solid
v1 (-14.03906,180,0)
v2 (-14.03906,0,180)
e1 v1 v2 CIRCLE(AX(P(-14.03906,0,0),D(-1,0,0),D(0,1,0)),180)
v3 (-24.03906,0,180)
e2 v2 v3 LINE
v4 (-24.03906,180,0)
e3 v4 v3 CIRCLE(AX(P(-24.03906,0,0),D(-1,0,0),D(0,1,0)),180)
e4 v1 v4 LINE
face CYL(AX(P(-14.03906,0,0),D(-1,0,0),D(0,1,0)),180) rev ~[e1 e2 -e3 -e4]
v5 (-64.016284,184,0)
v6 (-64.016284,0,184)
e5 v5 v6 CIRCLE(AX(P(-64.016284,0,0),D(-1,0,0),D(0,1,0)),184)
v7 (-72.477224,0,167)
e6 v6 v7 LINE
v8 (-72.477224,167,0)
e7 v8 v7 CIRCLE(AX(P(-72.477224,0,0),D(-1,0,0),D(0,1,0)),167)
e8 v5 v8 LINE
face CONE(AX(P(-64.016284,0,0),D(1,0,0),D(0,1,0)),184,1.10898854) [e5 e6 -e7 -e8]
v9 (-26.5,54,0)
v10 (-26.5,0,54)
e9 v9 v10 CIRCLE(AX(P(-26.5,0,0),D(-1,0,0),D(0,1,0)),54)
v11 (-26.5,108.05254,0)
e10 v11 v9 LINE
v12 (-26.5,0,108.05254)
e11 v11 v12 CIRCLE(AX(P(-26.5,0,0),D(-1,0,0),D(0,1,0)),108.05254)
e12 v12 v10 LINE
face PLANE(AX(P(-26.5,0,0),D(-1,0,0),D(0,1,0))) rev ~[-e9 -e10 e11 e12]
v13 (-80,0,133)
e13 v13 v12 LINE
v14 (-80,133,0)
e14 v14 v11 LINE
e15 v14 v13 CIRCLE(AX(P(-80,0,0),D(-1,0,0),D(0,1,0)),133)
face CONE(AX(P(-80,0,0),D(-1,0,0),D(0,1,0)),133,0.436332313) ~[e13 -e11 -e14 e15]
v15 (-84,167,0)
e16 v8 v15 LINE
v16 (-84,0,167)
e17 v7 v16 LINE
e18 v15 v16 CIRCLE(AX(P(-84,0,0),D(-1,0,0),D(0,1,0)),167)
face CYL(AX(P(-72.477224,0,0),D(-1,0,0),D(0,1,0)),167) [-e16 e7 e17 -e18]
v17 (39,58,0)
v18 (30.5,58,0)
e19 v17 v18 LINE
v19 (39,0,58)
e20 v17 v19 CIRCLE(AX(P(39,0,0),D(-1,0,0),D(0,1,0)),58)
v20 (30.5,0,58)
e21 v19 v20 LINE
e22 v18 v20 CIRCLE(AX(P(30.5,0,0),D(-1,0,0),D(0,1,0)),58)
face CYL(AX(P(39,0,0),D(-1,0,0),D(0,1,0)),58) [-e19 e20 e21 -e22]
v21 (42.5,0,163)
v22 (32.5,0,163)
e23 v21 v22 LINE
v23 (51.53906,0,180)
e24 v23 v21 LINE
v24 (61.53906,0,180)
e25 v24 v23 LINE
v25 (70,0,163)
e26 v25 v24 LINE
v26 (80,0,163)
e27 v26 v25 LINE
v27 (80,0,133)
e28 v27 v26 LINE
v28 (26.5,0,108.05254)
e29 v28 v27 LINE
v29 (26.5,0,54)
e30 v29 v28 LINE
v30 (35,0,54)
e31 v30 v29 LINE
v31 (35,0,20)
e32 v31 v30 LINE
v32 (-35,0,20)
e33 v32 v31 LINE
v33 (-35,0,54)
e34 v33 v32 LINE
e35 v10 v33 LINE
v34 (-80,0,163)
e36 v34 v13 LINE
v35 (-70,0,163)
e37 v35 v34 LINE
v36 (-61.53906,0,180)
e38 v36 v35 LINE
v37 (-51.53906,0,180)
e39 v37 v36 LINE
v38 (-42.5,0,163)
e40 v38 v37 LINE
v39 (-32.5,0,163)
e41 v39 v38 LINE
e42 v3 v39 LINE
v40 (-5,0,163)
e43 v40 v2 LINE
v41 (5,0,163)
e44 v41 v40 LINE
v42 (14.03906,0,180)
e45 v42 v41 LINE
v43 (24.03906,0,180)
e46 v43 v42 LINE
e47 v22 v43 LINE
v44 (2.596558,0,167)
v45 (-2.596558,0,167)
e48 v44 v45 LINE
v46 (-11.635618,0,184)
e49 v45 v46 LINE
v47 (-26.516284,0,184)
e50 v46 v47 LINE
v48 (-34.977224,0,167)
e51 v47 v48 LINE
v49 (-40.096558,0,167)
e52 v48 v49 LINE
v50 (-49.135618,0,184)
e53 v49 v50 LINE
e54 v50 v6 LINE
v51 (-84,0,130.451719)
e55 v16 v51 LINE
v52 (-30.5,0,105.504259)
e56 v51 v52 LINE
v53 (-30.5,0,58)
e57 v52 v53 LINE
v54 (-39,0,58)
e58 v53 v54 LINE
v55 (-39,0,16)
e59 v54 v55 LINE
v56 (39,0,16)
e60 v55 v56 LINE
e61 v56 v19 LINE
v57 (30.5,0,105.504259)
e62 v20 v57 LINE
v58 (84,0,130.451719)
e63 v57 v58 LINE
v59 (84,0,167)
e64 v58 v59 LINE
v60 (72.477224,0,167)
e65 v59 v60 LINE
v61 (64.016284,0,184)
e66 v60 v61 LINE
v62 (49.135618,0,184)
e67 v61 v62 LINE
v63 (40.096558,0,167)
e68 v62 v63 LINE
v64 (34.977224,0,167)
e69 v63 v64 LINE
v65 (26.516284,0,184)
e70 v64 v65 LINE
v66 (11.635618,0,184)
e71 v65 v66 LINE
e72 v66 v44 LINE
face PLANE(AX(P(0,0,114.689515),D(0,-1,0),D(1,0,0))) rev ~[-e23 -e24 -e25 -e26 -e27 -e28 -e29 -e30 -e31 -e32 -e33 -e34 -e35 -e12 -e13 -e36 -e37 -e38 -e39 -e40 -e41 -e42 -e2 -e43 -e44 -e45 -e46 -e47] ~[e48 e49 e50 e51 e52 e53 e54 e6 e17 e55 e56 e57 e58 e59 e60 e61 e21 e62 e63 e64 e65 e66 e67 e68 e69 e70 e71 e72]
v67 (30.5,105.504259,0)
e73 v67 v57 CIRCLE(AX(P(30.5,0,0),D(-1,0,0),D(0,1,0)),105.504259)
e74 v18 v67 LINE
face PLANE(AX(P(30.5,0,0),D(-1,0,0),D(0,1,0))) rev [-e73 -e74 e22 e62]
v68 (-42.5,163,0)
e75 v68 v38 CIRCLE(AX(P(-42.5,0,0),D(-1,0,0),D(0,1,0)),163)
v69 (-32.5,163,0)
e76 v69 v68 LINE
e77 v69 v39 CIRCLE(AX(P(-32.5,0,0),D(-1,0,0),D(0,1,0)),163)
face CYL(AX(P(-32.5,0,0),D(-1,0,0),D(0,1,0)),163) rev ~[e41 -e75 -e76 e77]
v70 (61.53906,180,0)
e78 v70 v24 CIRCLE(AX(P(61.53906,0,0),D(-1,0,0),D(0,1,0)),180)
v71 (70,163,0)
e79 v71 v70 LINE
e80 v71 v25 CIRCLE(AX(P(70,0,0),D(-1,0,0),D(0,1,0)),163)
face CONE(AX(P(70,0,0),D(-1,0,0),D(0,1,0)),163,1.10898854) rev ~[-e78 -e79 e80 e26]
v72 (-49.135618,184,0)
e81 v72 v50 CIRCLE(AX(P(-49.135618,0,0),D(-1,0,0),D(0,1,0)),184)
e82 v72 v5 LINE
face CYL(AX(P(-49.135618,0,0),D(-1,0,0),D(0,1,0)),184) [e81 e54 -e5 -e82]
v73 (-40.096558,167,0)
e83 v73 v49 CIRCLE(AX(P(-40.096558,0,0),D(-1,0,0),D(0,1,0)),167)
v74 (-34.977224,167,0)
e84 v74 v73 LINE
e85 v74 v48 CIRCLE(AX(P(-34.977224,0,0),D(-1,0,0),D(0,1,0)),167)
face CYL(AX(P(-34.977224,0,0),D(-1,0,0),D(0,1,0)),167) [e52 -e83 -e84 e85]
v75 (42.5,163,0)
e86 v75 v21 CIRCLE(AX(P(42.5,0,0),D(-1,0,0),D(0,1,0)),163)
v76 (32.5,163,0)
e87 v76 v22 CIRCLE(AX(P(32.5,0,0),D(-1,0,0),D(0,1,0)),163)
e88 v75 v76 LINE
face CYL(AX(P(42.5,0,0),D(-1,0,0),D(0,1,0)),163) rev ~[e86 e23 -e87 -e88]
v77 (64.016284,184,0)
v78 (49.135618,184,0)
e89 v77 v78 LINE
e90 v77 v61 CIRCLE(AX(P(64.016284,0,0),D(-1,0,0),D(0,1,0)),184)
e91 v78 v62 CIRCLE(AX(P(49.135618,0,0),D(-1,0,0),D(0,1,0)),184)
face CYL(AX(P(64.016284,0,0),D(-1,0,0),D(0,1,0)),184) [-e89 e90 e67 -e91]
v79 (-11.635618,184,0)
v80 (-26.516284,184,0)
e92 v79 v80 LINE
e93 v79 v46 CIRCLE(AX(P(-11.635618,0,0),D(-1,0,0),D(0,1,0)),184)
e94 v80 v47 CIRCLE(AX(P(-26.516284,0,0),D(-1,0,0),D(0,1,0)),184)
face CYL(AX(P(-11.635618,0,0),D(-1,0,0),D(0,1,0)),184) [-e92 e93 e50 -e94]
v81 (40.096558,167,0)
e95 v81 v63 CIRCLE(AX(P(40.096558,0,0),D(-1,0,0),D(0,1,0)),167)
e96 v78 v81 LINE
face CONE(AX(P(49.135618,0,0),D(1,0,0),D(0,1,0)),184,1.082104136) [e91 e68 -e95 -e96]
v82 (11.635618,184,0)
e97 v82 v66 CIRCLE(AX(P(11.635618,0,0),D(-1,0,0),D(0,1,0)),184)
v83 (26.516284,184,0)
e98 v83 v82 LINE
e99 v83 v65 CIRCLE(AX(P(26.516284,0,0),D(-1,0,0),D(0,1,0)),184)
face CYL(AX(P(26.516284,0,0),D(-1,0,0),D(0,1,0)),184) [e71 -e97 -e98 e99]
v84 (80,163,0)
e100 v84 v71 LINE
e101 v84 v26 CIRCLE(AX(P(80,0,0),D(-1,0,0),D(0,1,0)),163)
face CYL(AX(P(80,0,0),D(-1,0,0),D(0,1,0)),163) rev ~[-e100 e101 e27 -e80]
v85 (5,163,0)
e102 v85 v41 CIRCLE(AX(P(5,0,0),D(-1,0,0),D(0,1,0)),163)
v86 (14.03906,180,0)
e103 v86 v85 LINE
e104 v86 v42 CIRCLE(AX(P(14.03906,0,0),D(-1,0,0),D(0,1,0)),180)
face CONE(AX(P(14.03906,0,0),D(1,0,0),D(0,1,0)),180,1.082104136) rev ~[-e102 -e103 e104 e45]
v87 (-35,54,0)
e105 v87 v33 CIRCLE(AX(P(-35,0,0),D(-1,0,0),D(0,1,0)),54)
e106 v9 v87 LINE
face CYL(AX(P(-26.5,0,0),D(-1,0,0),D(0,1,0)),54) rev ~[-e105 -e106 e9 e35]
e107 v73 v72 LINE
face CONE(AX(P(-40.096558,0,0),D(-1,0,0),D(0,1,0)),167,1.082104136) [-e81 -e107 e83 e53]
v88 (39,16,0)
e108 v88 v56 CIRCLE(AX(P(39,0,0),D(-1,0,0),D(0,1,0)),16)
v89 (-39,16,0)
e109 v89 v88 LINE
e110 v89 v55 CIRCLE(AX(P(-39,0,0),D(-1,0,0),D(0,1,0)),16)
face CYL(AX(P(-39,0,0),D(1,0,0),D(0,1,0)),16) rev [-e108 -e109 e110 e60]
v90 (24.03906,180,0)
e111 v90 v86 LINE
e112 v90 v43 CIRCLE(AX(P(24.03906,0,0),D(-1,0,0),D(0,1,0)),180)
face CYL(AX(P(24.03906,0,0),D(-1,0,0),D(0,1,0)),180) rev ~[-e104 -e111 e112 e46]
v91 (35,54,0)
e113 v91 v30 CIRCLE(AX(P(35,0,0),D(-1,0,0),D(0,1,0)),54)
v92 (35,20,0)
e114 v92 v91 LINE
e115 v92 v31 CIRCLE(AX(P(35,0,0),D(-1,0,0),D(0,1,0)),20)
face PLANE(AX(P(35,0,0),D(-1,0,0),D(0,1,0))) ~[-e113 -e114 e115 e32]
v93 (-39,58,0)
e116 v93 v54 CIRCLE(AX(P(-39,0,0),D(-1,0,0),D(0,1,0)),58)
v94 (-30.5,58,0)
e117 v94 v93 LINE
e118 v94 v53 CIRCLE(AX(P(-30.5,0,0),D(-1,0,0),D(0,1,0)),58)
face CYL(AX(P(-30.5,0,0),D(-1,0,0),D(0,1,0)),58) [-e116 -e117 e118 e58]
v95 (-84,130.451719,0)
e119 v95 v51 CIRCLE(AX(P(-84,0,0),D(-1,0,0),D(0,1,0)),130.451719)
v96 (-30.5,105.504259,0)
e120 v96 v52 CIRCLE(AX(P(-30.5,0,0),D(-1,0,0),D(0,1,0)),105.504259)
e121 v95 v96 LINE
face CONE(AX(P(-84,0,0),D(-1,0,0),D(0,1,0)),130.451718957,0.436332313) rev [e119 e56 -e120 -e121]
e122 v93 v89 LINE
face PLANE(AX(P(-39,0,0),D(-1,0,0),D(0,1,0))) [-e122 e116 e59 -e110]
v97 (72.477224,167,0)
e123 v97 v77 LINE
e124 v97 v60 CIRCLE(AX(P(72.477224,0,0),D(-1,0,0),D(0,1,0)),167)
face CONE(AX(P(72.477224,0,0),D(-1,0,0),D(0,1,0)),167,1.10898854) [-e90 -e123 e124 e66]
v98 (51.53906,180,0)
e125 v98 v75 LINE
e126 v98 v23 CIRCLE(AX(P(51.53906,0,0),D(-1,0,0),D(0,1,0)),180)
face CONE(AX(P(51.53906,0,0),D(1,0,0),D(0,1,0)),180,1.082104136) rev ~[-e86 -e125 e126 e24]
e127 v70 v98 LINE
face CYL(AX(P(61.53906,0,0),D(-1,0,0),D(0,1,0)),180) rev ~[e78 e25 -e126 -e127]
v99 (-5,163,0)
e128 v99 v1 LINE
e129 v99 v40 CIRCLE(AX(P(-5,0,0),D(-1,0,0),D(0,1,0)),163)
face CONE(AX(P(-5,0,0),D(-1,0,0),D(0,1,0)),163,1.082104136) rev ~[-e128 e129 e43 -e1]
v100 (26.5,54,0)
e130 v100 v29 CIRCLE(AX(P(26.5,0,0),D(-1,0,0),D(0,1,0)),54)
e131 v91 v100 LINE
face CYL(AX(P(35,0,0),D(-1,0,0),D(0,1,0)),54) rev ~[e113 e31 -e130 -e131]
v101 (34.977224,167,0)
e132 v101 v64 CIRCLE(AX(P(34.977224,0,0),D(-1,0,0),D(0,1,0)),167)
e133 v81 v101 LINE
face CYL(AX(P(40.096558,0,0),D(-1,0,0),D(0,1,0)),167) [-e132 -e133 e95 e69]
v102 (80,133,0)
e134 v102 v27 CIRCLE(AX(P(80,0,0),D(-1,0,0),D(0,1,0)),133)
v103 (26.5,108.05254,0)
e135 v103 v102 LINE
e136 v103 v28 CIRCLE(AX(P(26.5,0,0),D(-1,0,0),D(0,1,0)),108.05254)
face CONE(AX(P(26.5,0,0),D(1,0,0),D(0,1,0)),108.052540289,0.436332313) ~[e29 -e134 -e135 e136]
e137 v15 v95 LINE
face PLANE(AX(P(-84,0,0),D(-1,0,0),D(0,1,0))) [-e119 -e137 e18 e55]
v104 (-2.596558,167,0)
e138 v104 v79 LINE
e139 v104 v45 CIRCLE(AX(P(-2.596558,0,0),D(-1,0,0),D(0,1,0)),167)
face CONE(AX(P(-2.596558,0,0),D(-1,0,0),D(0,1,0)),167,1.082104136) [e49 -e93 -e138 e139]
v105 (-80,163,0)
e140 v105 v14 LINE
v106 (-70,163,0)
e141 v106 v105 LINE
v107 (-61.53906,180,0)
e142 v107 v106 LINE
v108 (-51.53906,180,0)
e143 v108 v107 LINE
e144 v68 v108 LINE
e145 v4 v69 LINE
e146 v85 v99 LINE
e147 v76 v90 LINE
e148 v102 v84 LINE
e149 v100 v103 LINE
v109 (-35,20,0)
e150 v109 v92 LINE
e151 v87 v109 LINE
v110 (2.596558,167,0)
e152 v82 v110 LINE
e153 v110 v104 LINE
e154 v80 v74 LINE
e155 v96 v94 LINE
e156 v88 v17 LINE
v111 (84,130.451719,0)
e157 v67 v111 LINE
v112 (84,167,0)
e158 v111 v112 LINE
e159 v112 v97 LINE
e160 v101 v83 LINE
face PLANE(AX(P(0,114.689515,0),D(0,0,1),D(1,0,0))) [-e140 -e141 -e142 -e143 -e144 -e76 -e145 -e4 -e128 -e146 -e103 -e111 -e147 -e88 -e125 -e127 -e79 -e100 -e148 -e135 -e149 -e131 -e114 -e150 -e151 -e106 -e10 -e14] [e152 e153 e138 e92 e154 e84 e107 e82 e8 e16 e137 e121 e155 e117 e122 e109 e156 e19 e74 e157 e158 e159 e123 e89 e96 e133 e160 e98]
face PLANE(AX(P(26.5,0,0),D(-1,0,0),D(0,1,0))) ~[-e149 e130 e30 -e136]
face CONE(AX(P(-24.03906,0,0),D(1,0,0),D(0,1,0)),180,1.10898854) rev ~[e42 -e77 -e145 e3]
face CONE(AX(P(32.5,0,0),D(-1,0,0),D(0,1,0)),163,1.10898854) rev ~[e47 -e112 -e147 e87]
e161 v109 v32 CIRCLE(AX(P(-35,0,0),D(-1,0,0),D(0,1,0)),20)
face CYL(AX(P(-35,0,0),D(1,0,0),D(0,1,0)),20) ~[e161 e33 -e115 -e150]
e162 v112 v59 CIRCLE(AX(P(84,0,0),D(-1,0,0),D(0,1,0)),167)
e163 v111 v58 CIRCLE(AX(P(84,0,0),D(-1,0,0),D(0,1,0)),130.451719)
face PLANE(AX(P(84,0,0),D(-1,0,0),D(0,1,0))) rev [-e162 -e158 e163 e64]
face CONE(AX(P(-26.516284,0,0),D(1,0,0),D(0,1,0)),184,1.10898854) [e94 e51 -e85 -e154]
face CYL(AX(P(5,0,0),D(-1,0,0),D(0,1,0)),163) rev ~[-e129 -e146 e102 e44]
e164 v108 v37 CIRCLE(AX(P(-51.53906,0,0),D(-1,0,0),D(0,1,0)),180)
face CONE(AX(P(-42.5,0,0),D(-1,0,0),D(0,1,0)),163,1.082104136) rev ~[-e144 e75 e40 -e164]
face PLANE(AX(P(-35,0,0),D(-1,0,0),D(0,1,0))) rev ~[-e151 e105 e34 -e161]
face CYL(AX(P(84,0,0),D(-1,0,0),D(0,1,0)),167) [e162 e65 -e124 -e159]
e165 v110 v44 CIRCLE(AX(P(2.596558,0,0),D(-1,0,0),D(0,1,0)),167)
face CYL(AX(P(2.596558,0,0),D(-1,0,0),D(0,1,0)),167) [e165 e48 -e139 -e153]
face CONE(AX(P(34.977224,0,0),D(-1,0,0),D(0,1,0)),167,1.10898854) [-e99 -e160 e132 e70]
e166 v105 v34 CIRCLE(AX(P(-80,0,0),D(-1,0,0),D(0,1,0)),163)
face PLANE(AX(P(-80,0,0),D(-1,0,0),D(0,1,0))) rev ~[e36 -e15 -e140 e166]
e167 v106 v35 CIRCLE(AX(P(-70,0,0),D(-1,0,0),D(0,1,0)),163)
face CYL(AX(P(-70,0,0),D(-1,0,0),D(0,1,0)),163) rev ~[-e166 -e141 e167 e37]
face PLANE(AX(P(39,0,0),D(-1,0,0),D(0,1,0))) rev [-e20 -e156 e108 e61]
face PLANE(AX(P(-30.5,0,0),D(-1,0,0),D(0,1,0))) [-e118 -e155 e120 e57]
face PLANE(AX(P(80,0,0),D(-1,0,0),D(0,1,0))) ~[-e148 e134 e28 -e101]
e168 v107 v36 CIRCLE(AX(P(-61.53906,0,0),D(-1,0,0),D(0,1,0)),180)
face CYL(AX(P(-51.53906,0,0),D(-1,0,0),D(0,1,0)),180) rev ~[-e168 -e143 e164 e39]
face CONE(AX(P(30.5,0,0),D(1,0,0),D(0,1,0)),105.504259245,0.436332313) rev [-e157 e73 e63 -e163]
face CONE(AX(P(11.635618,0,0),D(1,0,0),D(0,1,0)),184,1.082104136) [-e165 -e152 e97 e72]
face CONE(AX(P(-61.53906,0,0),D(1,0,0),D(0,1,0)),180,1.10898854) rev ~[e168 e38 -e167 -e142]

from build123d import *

# Parameters (mm, degrees)
REVOLVE_THIN1_ANGLE = 270


with BuildPart() as part:
    # Sketch1<2> → Revolve-Thin1 (revolve)
    with BuildSketch(Plane.XY):
        Polygon((-39, 16), (39, 16), (39, 58), (30.5, 58), (30.5, 105.504259245), (84, 130.451718957), (84, 167), (72.477223993, 167), (64.016284331, 184), (49.135617862, 184), (40.096557524, 167), (34.977223993, 167), (26.516284331, 184), (11.635617862, 184), (2.596557524, 167), (-2.596557524, 167), (-11.635617862, 184), (-26.516284331, 184), (-34.977223993, 167), (-40.096557524, 167), (-49.135617862, 184), (-64.016284331, 184), (-72.477223993, 167), (-84, 167), (-84, 130.451718957), (-30.5, 105.504259245), (-30.5, 58), (-39, 58), align=None)
        Polygon((-35, 20), (35, 20), (35, 54), (26.5, 54), (26.5, 108.052540289), (80, 133), (80, 163), (70, 163), (61.539060338, 180), (51.539060338, 180), (42.5, 163), (32.5, 163), (24.039060338, 180), (14.039060338, 180), (5, 163), (-5, 163), (-14.039060338, 180), (-24.039060338, 180), (-32.5, 163), (-42.5, 163), (-51.539060338, 180), (-61.539060338, 180), (-70, 163), (-80, 163), (-80, 133), (-26.5, 108.052540289), (-26.5, 54), (-35, 54), align=None, mode=Mode.SUBTRACT)
    revolve(axis=Axis((0, 0, 0), (-1, 0, 0)), revolution_arc=REVOLVE_THIN1_ANGLE)


solid = part.part
